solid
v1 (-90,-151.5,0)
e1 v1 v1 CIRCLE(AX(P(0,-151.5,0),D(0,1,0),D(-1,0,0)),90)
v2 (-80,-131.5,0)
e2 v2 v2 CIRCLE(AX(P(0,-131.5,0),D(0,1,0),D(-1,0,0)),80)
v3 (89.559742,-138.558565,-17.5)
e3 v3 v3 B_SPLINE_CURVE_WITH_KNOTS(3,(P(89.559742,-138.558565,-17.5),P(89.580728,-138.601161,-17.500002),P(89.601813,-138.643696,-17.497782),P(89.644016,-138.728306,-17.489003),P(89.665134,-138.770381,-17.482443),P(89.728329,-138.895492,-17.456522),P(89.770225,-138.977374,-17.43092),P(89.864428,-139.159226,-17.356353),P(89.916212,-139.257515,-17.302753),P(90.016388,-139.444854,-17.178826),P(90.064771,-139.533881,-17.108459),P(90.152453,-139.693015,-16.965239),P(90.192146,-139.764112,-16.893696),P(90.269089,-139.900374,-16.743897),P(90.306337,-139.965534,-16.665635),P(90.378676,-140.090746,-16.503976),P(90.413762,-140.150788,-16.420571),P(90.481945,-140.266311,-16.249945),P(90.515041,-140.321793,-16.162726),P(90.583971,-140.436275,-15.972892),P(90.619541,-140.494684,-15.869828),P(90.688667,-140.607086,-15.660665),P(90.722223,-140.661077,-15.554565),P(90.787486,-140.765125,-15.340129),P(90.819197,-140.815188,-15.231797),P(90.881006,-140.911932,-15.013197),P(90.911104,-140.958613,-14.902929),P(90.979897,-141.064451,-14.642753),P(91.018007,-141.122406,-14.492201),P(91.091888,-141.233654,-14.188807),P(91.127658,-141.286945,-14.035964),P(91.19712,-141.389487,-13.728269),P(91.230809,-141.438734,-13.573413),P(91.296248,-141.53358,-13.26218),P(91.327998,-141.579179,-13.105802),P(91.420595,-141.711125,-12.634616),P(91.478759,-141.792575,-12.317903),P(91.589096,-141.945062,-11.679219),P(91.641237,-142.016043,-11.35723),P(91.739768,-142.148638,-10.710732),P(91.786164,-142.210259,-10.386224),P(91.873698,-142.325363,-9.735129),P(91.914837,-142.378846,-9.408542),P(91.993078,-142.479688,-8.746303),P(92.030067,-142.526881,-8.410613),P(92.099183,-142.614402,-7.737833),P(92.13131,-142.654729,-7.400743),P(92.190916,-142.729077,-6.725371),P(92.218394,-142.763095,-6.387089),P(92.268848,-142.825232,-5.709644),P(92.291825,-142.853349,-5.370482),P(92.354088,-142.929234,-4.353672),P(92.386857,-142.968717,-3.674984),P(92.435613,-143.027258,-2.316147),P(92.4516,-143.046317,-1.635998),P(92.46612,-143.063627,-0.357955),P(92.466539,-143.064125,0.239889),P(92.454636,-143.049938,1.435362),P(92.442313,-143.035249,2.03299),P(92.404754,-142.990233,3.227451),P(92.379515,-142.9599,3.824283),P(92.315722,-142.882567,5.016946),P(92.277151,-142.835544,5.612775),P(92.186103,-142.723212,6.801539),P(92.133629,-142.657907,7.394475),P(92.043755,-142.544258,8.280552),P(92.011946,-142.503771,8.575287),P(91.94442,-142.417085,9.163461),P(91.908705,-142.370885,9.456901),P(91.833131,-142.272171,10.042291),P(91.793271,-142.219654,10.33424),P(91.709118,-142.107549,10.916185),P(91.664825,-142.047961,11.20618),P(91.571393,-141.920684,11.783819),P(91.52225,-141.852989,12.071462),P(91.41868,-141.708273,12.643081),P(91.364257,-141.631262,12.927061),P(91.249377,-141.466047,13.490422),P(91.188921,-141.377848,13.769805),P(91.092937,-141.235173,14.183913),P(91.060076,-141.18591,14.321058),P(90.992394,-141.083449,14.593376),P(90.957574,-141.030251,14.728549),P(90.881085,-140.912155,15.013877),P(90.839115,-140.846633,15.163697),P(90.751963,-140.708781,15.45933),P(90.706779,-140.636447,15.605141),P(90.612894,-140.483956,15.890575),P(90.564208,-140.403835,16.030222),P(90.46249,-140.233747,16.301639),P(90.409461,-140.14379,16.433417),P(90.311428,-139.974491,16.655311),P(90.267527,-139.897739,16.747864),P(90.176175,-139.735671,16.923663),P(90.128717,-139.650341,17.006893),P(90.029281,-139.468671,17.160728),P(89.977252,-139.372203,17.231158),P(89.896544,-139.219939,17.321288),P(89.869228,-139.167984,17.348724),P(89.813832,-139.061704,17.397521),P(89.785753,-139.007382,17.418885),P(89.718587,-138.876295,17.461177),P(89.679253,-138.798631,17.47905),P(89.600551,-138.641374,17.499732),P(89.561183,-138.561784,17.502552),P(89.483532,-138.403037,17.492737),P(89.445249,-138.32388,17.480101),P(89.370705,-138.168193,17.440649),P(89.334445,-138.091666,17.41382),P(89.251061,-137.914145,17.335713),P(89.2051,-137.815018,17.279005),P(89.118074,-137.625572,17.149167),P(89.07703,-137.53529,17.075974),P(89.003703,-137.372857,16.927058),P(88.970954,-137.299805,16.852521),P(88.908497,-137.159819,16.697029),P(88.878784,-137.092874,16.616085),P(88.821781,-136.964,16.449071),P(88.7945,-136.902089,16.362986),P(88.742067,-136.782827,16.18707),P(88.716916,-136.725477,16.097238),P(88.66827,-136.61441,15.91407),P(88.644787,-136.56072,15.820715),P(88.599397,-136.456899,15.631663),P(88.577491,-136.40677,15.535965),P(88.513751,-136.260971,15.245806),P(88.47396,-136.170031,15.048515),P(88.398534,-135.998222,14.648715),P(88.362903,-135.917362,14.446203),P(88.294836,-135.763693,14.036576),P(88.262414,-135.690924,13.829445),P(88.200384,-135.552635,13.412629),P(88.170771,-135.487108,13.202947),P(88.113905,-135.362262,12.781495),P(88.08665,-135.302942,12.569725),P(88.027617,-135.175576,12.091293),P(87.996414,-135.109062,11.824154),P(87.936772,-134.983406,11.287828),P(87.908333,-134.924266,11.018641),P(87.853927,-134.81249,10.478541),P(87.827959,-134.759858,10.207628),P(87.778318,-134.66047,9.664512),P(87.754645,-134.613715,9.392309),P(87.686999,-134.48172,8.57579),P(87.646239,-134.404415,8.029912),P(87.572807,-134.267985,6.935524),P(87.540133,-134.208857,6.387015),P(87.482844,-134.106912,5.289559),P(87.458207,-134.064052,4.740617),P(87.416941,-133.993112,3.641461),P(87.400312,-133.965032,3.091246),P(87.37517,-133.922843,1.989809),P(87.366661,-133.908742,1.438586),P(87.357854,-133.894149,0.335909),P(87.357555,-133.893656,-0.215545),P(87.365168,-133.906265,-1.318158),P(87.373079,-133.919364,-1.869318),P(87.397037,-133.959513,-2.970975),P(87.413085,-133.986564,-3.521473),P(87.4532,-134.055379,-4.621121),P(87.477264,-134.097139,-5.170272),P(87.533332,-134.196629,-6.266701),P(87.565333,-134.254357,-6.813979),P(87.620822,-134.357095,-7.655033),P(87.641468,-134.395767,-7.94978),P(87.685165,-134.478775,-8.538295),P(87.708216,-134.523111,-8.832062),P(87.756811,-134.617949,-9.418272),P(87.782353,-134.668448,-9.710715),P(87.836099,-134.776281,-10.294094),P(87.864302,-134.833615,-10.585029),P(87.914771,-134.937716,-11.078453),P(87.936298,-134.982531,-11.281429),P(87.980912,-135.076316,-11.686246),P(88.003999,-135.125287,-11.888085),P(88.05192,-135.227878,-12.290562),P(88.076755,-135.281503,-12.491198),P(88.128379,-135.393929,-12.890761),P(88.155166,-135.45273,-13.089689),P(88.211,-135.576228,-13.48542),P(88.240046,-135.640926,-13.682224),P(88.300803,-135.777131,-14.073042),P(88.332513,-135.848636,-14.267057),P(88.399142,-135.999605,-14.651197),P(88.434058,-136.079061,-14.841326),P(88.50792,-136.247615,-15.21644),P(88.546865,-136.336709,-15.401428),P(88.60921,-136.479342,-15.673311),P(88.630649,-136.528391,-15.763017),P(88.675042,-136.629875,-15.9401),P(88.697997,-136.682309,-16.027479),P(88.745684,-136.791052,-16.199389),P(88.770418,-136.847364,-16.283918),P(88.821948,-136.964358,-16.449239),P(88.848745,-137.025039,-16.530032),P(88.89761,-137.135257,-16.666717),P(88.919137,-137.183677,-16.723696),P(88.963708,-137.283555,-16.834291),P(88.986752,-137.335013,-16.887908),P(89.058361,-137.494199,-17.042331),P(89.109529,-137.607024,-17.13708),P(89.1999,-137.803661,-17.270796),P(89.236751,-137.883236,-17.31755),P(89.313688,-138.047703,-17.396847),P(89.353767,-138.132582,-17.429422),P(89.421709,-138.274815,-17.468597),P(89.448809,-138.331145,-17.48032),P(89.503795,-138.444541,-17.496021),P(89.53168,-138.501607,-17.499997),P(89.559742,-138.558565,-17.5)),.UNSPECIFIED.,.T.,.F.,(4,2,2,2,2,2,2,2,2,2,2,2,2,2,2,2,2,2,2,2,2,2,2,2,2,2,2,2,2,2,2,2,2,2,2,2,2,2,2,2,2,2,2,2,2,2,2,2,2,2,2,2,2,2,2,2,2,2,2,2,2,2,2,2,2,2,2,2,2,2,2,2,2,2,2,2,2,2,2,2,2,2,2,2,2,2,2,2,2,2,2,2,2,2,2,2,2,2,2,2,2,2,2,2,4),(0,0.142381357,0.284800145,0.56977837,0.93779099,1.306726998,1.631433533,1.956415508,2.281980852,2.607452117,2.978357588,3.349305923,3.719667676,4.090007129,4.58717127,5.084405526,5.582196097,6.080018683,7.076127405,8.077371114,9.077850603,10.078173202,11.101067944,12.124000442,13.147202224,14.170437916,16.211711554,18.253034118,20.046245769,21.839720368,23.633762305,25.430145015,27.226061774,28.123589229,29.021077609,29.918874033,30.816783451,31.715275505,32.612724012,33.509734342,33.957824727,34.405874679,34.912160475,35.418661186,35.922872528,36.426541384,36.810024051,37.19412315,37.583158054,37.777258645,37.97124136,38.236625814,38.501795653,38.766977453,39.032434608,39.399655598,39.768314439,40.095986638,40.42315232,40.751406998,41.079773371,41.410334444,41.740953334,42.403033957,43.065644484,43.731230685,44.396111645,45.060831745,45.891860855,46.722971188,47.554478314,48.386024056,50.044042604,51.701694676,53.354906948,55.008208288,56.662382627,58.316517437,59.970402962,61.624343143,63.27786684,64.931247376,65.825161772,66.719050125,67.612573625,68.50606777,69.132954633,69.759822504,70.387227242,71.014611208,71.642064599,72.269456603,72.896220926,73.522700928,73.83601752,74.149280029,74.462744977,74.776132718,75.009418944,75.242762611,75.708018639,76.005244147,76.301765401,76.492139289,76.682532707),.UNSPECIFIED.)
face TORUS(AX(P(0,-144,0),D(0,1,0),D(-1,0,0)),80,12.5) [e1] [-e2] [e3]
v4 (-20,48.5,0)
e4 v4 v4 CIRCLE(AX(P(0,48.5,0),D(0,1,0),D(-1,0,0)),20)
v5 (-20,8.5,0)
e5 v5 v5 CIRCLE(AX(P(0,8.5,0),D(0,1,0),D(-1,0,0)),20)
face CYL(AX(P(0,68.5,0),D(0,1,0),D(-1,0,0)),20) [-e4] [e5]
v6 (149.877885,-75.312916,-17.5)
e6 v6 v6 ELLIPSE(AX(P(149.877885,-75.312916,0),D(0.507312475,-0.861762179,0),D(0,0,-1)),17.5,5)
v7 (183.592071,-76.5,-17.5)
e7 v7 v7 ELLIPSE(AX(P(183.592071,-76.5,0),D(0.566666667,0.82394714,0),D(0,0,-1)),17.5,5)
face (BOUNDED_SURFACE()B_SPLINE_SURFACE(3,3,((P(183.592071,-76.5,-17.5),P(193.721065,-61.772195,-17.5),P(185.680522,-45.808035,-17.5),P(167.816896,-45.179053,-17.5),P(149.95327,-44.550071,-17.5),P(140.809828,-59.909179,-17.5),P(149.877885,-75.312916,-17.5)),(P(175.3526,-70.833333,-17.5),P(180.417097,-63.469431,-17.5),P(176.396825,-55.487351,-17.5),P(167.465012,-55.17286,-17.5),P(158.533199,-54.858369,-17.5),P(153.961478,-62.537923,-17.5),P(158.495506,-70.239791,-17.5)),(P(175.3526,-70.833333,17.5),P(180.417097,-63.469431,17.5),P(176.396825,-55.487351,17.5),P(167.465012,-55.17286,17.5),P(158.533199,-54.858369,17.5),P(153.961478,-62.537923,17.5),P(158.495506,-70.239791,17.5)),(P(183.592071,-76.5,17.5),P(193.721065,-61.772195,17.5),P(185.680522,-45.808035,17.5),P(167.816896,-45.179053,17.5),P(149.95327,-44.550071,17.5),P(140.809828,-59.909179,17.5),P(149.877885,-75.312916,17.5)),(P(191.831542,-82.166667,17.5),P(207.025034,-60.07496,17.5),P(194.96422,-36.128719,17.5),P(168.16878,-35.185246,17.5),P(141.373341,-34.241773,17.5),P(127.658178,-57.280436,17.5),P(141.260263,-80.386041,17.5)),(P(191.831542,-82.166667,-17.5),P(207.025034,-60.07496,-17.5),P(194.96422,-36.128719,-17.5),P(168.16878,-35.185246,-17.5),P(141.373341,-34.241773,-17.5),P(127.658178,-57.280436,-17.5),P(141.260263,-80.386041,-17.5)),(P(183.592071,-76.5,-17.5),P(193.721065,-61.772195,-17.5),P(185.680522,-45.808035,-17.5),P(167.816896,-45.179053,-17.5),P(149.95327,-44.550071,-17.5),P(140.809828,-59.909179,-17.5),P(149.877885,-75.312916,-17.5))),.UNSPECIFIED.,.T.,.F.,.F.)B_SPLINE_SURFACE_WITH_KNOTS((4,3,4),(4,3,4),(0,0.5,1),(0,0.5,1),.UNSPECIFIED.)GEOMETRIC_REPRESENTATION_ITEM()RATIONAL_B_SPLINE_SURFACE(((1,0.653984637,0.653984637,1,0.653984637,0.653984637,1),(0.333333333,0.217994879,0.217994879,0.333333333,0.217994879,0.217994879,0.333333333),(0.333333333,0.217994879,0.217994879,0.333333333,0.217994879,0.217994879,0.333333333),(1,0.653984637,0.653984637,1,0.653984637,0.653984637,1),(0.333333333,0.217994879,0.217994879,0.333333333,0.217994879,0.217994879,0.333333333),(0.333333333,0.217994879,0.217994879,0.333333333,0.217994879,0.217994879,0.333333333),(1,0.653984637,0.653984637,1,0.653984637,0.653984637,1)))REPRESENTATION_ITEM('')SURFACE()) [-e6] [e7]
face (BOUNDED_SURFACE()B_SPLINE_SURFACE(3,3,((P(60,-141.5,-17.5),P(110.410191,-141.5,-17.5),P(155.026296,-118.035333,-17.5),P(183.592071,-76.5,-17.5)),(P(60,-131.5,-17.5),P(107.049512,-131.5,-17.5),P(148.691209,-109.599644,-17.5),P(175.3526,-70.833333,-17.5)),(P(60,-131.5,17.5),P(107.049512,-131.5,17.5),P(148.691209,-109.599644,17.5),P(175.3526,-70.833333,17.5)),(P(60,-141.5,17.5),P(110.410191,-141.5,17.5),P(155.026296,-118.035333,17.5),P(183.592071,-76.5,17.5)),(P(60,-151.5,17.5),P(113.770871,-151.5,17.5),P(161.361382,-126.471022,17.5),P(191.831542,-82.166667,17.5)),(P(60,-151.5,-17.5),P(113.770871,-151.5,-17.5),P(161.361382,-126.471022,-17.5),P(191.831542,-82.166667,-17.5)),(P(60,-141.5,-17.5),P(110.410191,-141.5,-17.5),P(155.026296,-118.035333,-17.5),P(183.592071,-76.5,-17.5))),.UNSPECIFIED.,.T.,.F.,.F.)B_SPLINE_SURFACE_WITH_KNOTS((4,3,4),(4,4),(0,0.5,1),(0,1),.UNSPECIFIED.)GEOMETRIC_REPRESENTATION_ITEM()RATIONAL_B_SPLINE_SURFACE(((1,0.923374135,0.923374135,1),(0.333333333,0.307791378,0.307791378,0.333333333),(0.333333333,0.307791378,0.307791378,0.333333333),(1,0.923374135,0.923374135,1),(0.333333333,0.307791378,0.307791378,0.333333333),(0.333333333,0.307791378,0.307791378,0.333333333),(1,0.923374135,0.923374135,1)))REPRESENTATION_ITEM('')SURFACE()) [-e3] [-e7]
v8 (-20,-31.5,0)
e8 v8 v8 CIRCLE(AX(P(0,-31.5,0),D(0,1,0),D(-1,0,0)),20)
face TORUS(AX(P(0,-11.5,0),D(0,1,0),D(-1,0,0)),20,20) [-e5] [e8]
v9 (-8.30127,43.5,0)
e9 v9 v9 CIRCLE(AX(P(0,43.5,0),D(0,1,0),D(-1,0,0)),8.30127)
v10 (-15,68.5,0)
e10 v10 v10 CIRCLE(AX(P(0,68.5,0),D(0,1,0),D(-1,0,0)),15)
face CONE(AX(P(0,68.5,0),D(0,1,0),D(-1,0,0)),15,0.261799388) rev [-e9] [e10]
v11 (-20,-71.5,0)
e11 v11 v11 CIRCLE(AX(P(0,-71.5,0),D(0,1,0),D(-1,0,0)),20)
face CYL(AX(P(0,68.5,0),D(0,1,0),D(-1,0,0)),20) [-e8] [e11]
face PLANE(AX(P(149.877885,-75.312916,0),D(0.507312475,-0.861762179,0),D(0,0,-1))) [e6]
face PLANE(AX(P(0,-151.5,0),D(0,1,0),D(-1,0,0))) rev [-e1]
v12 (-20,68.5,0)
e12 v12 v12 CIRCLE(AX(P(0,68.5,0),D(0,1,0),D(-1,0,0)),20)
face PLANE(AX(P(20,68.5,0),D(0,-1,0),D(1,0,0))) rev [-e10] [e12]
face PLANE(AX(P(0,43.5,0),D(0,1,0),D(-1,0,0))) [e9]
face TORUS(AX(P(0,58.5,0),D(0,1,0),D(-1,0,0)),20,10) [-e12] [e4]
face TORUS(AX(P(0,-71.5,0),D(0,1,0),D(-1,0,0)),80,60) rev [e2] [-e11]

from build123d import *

# Parameters (mm, degrees)
SKETCH3_RX         = 17.5
SKETCH3_RY         = 5
SKETCH4_R          = 15
CUT_EXTRUDE1_DEPTH = 25
CUT_EXTRUDE1_DRAFT = -15


with BuildPart() as part:
    # Sketch1 → Revolve1 (revolve)
    with BuildSketch(Plane.XY):
        with BuildLine():
            Line((20, 68.5), (0, 68.5))
            Line((0, 68.5), (0, -151.5))
            Line((0, -151.5), (90, -151.5))
            ThreePointArc((90, -151.5), (91.180339887, -138.409830056), (80, -131.5))
            ThreePointArc((80, -131.5), (37.573593129, -113.926406871), (20, -71.5))
            Line((20, -71.5), (20, -31.5))
            ThreePointArc((20, -31.5), (40, -11.5), (20, 8.5))
            Line((20, 8.5), (20, 48.5))
            ThreePointArc((20, 48.5), (30, 58.5), (20, 68.5))
        make_face()
    revolve(axis=Axis((0, 68.5, 0), (0, -1, 0)))

    # Sweep1: sweep along a path in Sketch2
    with BuildLine(Plane.XY) as sweep1_path:
        Line((0, -141.5), (60, -141.5))
        ThreePointArc((60, -141.5), (129.821200219, -124.259180474), (183.592070943, -76.5))
        ThreePointArc((183.592070943, -76.5), (167.816896383, -45.179052745), (149.877884577, -75.312916168))
    # Sketch3 → Sweep1 (sweep)
    with BuildSketch(Plane(origin=(0, 0, 0), x_dir=(0, 0, -1), z_dir=(1, 0, 0))):
        with Locations((0, -141.5)):
            Ellipse(SKETCH3_RX, SKETCH3_RY)
    sweep(path=sweep1_path.line)


with BuildPart() as cut_extrude1_tool:
    # Sketch4 → Cut-Extrude1 (with draft: the straight prism first)
    with BuildSketch(Plane(origin=(0, 68.5, 0), x_dir=(1, 0, 0), z_dir=(0, 1, 0))):
        Circle(SKETCH4_R)
    extrude(amount=-CUT_EXTRUDE1_DEPTH)
    # Cut-Extrude1: the draft: its side faces are tilted about the plane it starts from
    cut_extrude1_sides = [cut_extrude1_tool.faces().sort_by_distance(p)[0] for p in [
        (-15, 56, 0),
    ]]
    draft(cut_extrude1_sides, Plane(origin=(0, 68.5, 0), x_dir=(1, 0, 0), z_dir=(0, 1, 0)), CUT_EXTRUDE1_DRAFT)


with BuildPart() as part_1:
    add(part.part)

    # Cut-Extrude1: cut by cut_extrude1_tool
    add(cut_extrude1_tool.part, mode=Mode.SUBTRACT)


solid = part_1.part
